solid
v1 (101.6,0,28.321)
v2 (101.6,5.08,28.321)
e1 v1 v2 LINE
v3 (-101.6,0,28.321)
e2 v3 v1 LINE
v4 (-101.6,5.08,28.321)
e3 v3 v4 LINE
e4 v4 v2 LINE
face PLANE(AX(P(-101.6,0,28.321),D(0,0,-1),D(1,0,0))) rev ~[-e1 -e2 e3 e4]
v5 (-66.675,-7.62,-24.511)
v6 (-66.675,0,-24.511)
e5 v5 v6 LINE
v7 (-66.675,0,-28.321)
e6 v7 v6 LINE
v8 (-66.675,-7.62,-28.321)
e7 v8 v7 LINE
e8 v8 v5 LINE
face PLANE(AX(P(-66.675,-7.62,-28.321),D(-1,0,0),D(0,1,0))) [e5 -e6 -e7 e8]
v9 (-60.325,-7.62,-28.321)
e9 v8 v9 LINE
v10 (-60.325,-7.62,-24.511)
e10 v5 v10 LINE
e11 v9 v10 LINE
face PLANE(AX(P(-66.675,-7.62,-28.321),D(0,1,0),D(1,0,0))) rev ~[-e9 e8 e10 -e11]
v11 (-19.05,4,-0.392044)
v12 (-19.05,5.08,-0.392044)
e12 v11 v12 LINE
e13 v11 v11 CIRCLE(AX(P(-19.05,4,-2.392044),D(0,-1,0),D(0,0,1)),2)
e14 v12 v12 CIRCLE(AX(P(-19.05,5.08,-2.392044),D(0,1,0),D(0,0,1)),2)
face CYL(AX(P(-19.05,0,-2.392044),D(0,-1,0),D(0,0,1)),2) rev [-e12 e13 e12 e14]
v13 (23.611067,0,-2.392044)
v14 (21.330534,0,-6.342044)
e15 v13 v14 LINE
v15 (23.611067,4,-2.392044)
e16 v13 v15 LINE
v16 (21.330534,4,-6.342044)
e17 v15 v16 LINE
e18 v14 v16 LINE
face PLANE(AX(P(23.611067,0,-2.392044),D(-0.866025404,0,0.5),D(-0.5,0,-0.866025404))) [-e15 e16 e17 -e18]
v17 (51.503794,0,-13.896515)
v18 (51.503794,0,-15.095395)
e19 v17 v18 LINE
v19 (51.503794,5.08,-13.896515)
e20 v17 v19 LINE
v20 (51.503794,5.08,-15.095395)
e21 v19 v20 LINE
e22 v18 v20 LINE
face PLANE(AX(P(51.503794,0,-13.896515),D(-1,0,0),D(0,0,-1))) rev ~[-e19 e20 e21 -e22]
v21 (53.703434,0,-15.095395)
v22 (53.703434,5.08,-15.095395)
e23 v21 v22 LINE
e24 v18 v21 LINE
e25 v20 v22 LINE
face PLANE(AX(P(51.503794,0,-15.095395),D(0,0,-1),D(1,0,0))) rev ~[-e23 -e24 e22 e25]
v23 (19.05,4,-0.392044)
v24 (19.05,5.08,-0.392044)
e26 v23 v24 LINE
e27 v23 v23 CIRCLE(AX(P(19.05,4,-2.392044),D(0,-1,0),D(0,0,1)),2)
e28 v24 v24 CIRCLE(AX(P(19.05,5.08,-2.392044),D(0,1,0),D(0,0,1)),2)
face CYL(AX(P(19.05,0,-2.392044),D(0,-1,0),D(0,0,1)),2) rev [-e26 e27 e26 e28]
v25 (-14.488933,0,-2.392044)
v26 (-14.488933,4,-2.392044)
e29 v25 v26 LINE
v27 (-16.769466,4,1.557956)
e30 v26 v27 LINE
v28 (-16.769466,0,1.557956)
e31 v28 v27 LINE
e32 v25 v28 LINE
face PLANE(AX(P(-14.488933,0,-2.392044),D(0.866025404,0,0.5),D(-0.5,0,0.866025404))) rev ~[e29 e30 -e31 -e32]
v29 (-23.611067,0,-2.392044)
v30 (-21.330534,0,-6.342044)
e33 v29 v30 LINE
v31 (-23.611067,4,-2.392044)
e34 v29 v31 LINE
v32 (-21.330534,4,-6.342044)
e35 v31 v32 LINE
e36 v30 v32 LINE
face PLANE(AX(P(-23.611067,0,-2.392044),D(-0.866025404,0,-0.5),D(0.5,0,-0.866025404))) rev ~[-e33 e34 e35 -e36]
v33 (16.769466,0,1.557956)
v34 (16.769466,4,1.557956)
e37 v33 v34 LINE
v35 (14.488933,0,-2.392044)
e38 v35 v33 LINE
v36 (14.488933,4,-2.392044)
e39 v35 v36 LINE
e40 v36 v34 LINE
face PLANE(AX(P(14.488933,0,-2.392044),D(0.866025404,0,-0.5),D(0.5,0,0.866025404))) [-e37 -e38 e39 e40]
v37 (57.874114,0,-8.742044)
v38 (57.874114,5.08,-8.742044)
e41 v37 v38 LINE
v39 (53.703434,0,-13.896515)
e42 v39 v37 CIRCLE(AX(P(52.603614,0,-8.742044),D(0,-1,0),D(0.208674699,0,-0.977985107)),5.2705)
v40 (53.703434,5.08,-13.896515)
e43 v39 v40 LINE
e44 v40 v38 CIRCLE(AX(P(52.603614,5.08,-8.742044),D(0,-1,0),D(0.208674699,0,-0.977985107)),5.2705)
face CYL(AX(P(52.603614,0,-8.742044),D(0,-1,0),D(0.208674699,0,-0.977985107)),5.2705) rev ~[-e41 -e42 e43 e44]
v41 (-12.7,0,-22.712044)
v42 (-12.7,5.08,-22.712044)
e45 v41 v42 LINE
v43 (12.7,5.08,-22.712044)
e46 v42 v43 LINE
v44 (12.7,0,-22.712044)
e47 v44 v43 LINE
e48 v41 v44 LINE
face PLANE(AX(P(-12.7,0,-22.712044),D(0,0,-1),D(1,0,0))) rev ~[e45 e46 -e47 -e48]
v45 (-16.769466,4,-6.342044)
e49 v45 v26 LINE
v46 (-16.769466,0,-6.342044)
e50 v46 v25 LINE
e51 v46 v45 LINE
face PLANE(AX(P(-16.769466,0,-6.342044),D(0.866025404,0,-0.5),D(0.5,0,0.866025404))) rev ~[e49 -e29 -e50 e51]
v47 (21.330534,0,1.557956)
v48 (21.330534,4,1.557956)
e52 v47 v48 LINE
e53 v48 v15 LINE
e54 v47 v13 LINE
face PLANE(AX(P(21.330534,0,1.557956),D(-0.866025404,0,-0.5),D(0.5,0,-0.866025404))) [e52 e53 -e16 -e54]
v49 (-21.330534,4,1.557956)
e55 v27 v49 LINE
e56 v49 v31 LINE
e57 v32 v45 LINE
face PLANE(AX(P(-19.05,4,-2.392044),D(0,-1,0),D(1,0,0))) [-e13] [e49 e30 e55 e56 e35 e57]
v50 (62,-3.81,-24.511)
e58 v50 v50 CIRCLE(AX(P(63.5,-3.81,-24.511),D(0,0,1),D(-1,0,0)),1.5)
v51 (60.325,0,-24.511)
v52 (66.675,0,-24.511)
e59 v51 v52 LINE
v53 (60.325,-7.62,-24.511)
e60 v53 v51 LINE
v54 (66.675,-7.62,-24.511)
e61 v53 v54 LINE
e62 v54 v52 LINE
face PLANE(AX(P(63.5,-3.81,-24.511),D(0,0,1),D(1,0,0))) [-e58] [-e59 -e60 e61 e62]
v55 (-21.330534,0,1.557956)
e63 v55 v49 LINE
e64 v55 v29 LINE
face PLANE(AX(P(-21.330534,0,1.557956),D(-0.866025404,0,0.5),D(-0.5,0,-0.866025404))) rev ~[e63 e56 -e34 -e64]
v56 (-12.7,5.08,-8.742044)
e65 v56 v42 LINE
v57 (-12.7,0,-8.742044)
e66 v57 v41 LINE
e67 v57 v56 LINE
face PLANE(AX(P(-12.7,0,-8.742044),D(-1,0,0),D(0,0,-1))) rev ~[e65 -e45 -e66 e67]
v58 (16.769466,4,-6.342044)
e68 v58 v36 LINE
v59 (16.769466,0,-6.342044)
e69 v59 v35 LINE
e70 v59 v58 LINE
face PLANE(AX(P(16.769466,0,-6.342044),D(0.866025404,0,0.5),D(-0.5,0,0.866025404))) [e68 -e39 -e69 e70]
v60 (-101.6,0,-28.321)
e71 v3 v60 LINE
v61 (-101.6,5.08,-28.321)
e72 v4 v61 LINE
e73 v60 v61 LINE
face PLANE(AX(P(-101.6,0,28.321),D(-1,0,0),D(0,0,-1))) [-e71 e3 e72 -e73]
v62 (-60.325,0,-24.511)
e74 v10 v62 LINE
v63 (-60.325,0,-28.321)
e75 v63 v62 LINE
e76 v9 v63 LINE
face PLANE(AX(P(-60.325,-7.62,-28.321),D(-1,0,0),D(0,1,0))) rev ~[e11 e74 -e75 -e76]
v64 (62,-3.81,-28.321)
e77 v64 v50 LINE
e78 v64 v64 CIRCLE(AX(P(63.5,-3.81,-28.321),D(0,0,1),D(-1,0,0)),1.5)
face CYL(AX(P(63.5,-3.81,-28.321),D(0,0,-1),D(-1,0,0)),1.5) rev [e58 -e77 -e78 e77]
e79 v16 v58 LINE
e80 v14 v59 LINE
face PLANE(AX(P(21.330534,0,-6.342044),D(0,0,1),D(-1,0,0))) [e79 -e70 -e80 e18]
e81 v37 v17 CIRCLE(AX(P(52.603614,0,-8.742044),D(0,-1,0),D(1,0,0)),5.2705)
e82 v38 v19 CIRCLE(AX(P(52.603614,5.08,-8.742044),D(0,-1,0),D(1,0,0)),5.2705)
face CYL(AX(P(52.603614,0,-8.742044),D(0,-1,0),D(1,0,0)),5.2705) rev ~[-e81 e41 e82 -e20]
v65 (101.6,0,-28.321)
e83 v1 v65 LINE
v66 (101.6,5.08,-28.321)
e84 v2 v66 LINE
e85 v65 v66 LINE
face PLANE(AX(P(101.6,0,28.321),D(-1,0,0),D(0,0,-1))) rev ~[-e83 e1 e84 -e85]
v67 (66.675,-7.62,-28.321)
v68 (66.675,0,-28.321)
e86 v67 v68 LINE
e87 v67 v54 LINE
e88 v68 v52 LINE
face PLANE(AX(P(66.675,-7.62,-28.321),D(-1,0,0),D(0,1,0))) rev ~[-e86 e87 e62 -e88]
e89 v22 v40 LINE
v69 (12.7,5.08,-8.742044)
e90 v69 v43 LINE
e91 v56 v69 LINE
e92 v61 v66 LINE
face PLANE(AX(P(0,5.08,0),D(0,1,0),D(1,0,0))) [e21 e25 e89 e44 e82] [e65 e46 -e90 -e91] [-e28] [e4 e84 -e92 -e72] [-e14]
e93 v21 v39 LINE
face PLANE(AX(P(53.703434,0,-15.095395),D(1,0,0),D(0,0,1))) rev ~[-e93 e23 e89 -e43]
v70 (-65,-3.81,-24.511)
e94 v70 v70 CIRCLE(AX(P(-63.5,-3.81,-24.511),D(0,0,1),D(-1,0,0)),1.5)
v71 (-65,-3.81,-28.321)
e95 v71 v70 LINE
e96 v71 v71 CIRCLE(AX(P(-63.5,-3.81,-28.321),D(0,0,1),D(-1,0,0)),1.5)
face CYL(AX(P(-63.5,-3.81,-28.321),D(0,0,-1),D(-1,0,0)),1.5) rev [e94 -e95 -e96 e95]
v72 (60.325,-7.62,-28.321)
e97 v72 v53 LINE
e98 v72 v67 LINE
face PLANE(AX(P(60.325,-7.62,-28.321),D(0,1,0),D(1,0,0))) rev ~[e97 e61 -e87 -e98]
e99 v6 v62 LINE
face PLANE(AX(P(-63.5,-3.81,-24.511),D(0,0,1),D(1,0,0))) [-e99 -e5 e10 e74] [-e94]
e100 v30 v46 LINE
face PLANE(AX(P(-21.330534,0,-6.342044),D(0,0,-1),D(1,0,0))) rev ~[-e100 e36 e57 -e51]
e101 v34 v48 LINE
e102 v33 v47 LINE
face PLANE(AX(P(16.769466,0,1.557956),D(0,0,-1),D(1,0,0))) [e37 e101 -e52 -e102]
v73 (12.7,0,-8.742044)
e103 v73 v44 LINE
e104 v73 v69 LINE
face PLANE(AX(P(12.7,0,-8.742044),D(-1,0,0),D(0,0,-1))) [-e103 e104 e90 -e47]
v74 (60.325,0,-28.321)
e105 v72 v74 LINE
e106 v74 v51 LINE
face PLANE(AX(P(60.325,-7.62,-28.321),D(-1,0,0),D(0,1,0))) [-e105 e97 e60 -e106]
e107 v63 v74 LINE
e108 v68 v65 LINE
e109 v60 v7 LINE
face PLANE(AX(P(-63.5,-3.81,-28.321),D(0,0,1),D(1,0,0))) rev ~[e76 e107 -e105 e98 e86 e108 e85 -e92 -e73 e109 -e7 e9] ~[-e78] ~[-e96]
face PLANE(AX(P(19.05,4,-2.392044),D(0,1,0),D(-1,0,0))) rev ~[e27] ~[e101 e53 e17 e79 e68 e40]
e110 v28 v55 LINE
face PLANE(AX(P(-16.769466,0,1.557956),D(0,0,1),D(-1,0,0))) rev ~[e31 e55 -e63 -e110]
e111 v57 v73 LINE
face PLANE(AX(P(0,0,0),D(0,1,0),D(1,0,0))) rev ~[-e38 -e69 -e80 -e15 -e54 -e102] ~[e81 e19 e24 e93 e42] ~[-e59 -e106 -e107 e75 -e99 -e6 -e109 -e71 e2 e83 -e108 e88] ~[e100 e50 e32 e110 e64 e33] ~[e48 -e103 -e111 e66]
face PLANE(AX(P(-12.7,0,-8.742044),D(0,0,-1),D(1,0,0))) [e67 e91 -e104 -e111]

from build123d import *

# Parameters (mm, degrees)
SKETCH2_W           = 203.2
SKETCH2_H           = 56.642
SKETCH2_R           = 2
SKETCH2_W_2         = 25.4
SKETCH2_H_2         = 13.97
BOSS_EXTRUDE1_DEPTH = 5.08
CUT_EXTRUDE1_DEPTH  = 4
BOSS_EXTRUDE2_START = -56.642
SKETCH5_W           = 6.35
SKETCH5_H           = 7.62
SKETCH5_R           = 1.5
SKETCH5_H_2         = 5.08
BOSS_EXTRUDE2_DEPTH = 3.81


with BuildPart() as part:
    # Sketch2 → Boss-Extrude1 (new body)
    with BuildSketch(Plane(origin=(0, 0, 0), x_dir=(1, 0, 0), z_dir=(0, 1, 0))):
        Rectangle(SKETCH2_W, SKETCH2_H)
        with Locations(Location((-19.05, 2.392044149, 0), (0, 0, 270))):
            Circle(SKETCH2_R, mode=Mode.SUBTRACT)
        with Locations((0, 15.727044149)):
            Rectangle(SKETCH2_W_2, SKETCH2_H_2, mode=Mode.SUBTRACT)
        with Locations(Location((19.05, 2.392044149, 0), (0, 0, 270))):
            Circle(SKETCH2_R, mode=Mode.SUBTRACT)
        with BuildLine():
            Line((51.503794476, 13.896514657), (51.503794476, 15.095394657))
            Line((51.503794476, 15.095394657), (53.703434476, 15.095394657))
            Line((53.703434476, 15.095394657), (53.703434476, 13.896514657))
            ThreePointArc((53.703434476, 13.896514657), (56.700855716, 12.057279355), (57.874114476, 8.742044149))
            ThreePointArc((57.874114476, 8.742044149), (49.28837927, 4.644802909), (51.503794476, 13.896514657))
        make_face(mode=Mode.SUBTRACT)
    extrude(amount=BOSS_EXTRUDE1_DEPTH)

    # Sketch4 → Cut-Extrude1 (cut)
    with BuildSketch(Plane.XZ):
        Polygon((-16.769466437, -6.342044149), (-14.488932873, -2.392044149), (-16.769466437, 1.557955851), (-21.330533563, 1.557955851), (-23.611067127, -2.392044149), (-21.330533563, -6.342044149), align=None)
        Polygon((16.769466437, -6.342044149), (14.488932873, -2.392044149), (16.769466437, 1.557955851), (21.330533563, 1.557955851), (23.611067127, -2.392044149), (21.330533563, -6.342044149), align=None)
    extrude(amount=-CUT_EXTRUDE1_DEPTH, mode=Mode.SUBTRACT)

    # Sketch5 → Boss-Extrude2 (add)
    # profile 1 of 4: a face of its own
    with BuildSketch(Plane.XY.offset(28.321).offset(BOSS_EXTRUDE2_START)):
        with Locations((-63.5, -3.81)):
            Rectangle(SKETCH5_W, SKETCH5_H)
        with Locations(Location((-63.5, -3.81, 0), (0, 0, 180))):
            Circle(SKETCH5_R, mode=Mode.SUBTRACT)
    # profile 2 of 4: a face of its own
    with BuildSketch(Plane.XY.offset(28.321).offset(BOSS_EXTRUDE2_START)):
        with Locations((-63.5, 2.54)):
            Rectangle(SKETCH5_W, SKETCH5_H_2)
    # profile 3 of 4: a face of its own
    with BuildSketch(Plane.XY.offset(28.321).offset(BOSS_EXTRUDE2_START)):
        with Locations((63.5, 2.54)):
            Rectangle(SKETCH5_W, SKETCH5_H_2)
    # profile 4 of 4: a face of its own
    with BuildSketch(Plane.XY.offset(28.321).offset(BOSS_EXTRUDE2_START)):
        with Locations((63.5, -3.81)):
            Rectangle(SKETCH5_W, SKETCH5_H)
        with Locations(Location((63.5, -3.81, 0), (0, 0, 180))):
            Circle(SKETCH5_R, mode=Mode.SUBTRACT)
    extrude(amount=BOSS_EXTRUDE2_DEPTH)


solid = part.part
